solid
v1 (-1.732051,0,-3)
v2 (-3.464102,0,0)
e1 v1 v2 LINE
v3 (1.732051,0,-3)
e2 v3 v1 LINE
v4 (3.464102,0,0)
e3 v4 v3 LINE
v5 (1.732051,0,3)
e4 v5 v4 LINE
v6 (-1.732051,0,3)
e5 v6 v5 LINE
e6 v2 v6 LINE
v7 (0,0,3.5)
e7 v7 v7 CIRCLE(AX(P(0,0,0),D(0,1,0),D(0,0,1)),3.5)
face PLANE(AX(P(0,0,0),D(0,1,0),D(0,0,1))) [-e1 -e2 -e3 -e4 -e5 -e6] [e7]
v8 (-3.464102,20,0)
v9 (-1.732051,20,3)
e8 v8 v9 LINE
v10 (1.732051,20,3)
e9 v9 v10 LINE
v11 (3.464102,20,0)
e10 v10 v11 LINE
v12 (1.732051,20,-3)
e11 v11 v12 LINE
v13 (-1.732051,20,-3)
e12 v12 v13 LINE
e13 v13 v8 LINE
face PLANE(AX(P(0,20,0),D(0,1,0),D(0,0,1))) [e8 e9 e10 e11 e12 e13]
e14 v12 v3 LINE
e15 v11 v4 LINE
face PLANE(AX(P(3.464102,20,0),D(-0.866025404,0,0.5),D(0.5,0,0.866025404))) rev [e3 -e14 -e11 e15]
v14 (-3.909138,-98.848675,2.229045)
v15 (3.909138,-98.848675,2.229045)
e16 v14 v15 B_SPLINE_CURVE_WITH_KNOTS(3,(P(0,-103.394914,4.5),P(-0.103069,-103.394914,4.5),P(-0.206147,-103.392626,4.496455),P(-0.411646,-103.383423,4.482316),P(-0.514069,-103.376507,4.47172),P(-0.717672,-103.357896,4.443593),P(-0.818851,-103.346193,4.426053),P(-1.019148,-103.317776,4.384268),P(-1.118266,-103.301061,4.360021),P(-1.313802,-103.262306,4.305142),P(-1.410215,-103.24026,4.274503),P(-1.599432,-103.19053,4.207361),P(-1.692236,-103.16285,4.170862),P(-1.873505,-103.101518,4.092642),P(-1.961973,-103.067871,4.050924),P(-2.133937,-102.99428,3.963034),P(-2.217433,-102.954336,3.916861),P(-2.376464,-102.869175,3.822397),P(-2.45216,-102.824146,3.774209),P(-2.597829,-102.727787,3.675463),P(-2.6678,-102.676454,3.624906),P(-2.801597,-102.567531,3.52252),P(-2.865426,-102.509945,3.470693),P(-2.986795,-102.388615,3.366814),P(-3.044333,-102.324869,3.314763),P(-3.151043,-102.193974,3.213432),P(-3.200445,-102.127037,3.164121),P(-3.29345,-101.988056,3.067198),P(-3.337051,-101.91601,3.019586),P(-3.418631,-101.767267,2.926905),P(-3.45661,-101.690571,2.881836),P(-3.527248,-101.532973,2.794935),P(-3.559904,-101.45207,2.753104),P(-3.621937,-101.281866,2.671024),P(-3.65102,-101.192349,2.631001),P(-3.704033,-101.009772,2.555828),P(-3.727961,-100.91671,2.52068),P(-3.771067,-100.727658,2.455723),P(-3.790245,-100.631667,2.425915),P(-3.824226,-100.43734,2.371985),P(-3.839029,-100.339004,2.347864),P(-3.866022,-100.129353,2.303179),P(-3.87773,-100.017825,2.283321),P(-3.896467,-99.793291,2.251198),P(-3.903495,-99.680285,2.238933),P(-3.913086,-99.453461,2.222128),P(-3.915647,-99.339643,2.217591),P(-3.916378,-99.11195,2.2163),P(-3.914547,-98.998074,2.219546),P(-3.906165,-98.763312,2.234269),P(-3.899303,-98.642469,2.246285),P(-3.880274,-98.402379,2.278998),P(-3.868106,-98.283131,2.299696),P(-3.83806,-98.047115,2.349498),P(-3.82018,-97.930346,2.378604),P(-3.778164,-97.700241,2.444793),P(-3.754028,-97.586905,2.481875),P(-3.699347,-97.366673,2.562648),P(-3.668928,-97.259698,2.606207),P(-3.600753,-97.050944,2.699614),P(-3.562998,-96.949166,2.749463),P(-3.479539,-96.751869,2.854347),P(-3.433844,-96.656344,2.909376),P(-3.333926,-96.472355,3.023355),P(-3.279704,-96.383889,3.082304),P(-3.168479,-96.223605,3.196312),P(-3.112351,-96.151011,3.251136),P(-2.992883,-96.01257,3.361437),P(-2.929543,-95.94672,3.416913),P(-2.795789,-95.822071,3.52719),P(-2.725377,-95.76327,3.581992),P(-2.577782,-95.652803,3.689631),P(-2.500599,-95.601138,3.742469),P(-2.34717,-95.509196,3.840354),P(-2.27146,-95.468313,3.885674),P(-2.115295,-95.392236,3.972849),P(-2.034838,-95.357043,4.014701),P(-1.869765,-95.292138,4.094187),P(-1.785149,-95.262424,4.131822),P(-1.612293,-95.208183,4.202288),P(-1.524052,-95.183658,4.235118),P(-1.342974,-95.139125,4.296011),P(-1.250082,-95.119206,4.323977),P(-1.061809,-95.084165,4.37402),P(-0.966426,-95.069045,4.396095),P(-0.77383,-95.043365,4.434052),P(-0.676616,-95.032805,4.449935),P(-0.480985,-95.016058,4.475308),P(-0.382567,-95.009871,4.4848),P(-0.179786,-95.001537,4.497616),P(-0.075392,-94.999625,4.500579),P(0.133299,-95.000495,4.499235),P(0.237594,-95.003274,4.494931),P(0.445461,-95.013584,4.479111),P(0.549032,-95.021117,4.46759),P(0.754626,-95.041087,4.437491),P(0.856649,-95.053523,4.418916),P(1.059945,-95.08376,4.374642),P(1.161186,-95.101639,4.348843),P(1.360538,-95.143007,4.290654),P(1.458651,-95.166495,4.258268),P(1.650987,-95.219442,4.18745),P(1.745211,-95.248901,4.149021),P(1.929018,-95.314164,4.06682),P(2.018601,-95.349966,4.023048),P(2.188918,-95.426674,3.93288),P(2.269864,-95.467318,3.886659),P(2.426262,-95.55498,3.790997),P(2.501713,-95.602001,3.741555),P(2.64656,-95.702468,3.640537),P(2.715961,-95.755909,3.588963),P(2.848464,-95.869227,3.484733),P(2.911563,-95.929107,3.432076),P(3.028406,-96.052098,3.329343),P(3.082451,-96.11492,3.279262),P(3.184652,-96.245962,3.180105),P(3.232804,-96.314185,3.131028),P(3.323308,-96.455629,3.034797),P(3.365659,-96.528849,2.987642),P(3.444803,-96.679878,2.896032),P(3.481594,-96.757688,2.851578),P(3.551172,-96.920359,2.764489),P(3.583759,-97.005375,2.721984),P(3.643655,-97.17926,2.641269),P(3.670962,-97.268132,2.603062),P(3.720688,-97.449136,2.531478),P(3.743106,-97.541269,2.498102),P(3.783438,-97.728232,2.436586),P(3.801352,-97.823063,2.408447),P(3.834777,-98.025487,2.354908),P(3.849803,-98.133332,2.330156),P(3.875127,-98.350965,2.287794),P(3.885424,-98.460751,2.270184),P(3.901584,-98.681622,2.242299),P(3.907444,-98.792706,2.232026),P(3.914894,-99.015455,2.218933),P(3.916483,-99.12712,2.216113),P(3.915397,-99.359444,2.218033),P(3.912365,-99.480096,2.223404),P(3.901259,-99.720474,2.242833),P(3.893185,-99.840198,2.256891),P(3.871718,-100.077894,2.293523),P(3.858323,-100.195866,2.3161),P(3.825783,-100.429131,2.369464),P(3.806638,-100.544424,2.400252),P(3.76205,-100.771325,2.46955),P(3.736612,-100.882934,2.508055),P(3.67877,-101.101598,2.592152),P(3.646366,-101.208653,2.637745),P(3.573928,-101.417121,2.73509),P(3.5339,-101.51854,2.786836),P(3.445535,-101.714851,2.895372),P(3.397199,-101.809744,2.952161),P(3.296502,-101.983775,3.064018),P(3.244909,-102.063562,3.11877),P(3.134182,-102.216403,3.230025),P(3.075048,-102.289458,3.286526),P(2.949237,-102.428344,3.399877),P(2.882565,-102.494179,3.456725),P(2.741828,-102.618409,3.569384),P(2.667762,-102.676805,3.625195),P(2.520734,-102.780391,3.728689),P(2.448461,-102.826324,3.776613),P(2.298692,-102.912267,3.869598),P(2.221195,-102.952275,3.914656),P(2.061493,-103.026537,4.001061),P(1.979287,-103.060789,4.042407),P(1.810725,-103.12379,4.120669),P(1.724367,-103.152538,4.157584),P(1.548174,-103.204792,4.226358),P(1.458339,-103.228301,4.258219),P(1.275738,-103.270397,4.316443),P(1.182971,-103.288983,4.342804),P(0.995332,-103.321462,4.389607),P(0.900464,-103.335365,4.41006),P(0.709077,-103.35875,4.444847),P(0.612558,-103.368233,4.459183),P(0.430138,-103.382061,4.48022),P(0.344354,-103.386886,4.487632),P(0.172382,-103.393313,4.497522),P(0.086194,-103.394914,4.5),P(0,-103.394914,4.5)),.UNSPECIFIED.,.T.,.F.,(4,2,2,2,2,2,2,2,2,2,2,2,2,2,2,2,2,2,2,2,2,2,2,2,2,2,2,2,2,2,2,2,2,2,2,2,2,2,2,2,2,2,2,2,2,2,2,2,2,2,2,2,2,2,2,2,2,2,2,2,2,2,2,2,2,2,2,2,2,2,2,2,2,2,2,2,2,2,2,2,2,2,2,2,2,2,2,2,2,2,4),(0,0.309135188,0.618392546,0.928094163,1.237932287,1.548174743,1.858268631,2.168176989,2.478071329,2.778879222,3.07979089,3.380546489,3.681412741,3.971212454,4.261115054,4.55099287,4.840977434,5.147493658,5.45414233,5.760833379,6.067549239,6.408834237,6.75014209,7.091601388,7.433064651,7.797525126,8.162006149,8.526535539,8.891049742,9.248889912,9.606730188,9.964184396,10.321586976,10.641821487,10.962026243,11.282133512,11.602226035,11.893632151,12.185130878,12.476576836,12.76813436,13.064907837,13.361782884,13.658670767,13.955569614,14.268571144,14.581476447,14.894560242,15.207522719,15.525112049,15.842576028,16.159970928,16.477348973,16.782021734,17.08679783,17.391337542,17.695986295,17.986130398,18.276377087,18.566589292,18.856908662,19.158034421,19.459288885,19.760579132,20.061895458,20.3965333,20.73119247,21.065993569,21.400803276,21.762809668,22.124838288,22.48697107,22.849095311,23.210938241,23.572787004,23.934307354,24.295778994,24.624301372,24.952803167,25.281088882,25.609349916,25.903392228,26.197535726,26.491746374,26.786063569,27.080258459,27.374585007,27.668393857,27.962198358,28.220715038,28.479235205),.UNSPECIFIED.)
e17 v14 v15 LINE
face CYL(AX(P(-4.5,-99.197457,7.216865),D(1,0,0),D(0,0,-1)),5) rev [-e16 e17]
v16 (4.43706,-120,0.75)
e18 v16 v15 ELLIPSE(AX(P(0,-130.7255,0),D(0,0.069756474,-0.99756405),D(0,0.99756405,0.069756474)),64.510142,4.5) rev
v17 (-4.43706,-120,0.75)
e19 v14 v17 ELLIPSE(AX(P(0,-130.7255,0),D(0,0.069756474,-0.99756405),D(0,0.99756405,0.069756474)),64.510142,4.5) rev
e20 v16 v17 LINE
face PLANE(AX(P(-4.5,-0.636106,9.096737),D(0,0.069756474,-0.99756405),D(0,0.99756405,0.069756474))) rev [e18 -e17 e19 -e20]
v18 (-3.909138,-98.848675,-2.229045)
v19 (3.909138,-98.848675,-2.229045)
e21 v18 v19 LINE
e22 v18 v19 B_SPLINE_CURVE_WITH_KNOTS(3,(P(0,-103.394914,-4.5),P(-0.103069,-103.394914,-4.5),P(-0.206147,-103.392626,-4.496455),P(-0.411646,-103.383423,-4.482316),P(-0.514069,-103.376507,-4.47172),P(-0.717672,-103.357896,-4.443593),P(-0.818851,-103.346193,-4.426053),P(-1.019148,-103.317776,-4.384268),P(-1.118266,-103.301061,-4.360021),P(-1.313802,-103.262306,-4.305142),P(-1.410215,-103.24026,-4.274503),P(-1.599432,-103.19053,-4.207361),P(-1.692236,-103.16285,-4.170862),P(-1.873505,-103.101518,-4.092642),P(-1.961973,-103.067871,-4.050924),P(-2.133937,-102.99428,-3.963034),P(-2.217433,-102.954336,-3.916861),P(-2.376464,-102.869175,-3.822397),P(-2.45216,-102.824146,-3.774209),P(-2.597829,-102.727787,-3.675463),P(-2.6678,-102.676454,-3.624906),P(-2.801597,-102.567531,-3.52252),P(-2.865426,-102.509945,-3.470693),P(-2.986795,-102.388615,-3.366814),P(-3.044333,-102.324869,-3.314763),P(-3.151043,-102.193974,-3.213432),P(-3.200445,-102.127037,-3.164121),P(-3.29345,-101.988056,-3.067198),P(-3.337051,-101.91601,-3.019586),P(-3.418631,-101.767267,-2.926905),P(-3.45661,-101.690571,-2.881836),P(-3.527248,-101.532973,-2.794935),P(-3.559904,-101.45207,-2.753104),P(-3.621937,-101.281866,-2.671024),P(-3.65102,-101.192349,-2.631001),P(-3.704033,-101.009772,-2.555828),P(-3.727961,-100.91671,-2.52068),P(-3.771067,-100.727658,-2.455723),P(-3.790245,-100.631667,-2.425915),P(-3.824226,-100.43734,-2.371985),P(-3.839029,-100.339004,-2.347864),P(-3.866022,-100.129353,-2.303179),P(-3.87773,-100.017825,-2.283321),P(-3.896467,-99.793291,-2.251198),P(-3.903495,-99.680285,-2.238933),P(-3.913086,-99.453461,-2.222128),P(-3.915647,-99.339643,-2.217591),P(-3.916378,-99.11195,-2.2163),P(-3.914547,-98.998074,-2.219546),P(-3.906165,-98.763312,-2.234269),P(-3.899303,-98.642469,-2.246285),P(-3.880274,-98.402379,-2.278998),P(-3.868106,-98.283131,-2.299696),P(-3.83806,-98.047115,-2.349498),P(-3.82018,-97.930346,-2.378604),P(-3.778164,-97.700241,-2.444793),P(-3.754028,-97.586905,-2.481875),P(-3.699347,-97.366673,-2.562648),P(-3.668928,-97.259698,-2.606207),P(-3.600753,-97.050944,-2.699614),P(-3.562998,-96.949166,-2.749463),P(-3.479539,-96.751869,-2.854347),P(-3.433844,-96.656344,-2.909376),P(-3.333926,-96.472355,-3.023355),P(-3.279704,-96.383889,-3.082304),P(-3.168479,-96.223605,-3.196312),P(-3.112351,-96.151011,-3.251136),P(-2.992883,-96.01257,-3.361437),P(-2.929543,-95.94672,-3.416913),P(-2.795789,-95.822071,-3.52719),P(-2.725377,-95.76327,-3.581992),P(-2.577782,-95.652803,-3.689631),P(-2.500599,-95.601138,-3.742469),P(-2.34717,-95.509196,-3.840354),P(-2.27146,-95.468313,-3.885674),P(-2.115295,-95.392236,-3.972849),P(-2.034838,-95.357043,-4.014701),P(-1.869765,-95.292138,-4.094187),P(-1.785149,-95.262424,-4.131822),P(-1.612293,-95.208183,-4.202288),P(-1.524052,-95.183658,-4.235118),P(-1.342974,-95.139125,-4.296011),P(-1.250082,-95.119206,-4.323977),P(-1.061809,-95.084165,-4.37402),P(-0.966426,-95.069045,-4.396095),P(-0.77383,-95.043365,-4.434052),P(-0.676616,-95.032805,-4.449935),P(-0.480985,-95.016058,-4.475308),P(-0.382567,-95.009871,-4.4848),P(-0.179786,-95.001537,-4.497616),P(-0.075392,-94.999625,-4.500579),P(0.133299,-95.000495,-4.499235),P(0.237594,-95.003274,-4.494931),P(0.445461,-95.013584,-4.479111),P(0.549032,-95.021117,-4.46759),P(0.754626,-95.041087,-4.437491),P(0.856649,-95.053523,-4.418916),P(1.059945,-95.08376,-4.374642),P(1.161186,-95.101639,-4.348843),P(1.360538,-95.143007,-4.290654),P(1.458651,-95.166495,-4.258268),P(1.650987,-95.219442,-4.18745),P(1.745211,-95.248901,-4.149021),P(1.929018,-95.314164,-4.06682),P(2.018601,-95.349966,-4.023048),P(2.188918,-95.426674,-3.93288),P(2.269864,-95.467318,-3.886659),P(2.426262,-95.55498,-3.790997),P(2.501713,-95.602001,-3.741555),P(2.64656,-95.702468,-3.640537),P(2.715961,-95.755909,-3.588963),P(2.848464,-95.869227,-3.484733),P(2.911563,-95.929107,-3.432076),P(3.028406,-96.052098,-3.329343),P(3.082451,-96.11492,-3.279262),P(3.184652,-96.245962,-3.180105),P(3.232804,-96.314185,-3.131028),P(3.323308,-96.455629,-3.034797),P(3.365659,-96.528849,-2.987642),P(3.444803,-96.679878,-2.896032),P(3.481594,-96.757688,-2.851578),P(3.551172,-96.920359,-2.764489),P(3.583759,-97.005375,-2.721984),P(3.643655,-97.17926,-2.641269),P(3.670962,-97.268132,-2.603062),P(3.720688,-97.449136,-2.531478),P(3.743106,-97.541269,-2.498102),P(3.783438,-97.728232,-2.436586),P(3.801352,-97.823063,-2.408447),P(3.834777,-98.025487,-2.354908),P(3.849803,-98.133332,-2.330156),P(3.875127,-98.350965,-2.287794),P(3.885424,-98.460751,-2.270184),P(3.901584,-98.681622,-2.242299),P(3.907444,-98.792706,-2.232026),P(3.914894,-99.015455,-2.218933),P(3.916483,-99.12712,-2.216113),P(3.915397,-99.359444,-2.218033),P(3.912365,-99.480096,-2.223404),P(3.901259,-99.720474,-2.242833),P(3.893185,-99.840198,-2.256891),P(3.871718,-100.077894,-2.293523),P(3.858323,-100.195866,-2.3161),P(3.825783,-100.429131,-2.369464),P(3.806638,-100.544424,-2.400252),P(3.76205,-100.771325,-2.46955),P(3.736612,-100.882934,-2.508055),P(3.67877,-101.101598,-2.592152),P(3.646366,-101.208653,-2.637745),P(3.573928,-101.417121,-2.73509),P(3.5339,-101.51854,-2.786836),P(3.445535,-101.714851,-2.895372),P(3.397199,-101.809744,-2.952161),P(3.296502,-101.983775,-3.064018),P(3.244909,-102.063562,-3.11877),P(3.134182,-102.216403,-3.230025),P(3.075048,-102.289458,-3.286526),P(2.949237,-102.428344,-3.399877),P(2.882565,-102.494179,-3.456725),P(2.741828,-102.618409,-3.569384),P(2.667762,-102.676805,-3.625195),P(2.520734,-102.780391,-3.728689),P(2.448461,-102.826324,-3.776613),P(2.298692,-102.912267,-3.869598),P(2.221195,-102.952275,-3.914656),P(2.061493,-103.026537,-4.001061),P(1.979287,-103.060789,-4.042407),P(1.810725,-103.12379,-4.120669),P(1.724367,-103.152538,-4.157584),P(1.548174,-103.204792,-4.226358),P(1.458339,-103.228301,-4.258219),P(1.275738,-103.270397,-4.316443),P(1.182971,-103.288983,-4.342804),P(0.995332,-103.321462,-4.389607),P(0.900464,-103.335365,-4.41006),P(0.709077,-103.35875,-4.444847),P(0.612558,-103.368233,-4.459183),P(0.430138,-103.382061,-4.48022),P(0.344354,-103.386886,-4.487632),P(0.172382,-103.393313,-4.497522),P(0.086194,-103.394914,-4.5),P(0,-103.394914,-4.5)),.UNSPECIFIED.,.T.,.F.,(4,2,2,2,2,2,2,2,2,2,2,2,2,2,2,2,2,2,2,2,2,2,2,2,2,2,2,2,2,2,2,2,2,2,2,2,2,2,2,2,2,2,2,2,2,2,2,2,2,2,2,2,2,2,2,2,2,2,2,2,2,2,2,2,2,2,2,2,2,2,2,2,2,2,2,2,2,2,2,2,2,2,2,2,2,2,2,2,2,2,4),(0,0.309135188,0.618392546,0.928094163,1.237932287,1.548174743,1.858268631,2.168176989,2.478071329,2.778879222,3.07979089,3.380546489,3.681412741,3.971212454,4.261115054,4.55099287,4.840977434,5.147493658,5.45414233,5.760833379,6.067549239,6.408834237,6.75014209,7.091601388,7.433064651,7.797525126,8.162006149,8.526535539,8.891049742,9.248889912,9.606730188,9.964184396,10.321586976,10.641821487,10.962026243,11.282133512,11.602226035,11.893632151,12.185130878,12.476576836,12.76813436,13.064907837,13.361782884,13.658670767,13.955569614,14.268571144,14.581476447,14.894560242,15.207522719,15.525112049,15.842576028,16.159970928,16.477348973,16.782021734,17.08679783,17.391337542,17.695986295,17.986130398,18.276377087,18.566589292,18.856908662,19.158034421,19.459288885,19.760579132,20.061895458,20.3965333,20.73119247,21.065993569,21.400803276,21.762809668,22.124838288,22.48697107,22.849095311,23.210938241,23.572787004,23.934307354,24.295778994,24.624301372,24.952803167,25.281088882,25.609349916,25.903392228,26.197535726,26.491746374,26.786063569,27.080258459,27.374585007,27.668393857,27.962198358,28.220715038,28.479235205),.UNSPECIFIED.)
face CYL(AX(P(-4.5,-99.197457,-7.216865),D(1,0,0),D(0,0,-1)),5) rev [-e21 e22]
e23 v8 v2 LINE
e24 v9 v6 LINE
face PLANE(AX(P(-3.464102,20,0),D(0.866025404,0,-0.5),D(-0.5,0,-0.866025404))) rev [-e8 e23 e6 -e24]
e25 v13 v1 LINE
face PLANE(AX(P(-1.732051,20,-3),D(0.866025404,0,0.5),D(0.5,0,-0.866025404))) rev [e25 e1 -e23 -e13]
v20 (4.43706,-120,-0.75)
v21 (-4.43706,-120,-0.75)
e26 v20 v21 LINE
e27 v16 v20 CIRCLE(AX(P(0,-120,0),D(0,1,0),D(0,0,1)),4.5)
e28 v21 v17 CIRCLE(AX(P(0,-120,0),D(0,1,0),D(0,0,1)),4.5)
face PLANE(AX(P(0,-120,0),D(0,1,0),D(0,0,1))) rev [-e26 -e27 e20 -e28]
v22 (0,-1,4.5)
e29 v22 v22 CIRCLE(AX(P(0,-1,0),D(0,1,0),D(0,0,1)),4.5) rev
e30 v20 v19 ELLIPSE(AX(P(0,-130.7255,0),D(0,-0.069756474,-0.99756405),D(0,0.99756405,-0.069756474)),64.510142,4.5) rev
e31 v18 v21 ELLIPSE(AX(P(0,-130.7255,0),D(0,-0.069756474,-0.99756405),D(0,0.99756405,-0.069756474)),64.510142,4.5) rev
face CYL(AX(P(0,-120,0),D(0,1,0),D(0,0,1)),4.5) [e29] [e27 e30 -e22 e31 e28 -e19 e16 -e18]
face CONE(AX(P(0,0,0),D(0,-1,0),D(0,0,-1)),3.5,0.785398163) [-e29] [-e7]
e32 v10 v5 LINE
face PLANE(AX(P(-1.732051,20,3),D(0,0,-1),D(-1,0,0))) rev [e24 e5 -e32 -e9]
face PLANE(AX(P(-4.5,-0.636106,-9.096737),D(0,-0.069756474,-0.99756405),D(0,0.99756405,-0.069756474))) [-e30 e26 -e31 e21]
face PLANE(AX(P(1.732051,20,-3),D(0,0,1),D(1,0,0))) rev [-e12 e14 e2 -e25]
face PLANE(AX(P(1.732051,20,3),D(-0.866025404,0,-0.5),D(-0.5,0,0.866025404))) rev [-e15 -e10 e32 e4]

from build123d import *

# Parameters (mm, degrees)
BOSS_EXTRUDE1_DEPTH     = 20
SKETCH1_3_R             = 4.5
BOSS_EXTRUDE2_DEPTH     = 120
CUT_EXTRUDE1_DEPTH      = 121.168631514
CUT_EXTRUDE1_DEPTH_BACK = 121.168631514
CHAMFER1_SIZE           = 1


with BuildPart() as part:
    # Sketch1 → Boss-Extrude1 (new body)
    with BuildSketch(Plane(origin=(0, 0, 0), x_dir=(1, 0, 0), z_dir=(0, 1, 0))):
        Polygon((1.732050808, 3), (-1.732050808, 3), (-3.464101615, 0), (-1.732050808, -3), (1.732050808, -3), (3.464101615, 0), align=None)
    extrude(amount=BOSS_EXTRUDE1_DEPTH)

    # Sketch1<3> → Boss-Extrude2 (add)
    with BuildSketch(Plane(origin=(0, 0, 0), x_dir=(1, 0, 0), z_dir=(0, 1, 0))):
        Circle(SKETCH1_3_R)
    extrude(amount=-BOSS_EXTRUDE2_DEPTH)

    # Sketch3 → Cut-Extrude1 (cut, two sides: drawn at the far end of the back side and taken through both)
    with BuildSketch(Plane(origin=(0, 0, 0), x_dir=(0, 0, -1), z_dir=(1, 0, 0)).offset(-CUT_EXTRUDE1_DEPTH_BACK)):
        with BuildLine():
            Line((0.75, -120), (4.5, -120))
            Line((4.5, -120), (4.5, -95))
            ThreePointArc((4.5, -95), (2.910634909, -96.656515683), (2.229044758, -98.848674543))
            Line((2.229044758, -98.848674543), (0.75, -120))
        make_face()
        with BuildLine():
            Line((-4.5, -95), (-4.5, -120))
            Line((-4.5, -120), (-0.75, -120))
            Line((-0.75, -120), (-2.229044758, -98.848674543))
            ThreePointArc((-2.229044758, -98.848674543), (-2.910634909, -96.656515683), (-4.5, -95))
        make_face()
    extrude(amount=CUT_EXTRUDE1_DEPTH + CUT_EXTRUDE1_DEPTH_BACK, mode=Mode.SUBTRACT)

    # Chamfer1
    chamfer1_edges = [part.edges().sort_by_distance(p)[0] for p in [
        (-4.5, 0, 0),
    ]]
    chamfer(chamfer1_edges, length=CHAMFER1_SIZE)


solid = part.part
